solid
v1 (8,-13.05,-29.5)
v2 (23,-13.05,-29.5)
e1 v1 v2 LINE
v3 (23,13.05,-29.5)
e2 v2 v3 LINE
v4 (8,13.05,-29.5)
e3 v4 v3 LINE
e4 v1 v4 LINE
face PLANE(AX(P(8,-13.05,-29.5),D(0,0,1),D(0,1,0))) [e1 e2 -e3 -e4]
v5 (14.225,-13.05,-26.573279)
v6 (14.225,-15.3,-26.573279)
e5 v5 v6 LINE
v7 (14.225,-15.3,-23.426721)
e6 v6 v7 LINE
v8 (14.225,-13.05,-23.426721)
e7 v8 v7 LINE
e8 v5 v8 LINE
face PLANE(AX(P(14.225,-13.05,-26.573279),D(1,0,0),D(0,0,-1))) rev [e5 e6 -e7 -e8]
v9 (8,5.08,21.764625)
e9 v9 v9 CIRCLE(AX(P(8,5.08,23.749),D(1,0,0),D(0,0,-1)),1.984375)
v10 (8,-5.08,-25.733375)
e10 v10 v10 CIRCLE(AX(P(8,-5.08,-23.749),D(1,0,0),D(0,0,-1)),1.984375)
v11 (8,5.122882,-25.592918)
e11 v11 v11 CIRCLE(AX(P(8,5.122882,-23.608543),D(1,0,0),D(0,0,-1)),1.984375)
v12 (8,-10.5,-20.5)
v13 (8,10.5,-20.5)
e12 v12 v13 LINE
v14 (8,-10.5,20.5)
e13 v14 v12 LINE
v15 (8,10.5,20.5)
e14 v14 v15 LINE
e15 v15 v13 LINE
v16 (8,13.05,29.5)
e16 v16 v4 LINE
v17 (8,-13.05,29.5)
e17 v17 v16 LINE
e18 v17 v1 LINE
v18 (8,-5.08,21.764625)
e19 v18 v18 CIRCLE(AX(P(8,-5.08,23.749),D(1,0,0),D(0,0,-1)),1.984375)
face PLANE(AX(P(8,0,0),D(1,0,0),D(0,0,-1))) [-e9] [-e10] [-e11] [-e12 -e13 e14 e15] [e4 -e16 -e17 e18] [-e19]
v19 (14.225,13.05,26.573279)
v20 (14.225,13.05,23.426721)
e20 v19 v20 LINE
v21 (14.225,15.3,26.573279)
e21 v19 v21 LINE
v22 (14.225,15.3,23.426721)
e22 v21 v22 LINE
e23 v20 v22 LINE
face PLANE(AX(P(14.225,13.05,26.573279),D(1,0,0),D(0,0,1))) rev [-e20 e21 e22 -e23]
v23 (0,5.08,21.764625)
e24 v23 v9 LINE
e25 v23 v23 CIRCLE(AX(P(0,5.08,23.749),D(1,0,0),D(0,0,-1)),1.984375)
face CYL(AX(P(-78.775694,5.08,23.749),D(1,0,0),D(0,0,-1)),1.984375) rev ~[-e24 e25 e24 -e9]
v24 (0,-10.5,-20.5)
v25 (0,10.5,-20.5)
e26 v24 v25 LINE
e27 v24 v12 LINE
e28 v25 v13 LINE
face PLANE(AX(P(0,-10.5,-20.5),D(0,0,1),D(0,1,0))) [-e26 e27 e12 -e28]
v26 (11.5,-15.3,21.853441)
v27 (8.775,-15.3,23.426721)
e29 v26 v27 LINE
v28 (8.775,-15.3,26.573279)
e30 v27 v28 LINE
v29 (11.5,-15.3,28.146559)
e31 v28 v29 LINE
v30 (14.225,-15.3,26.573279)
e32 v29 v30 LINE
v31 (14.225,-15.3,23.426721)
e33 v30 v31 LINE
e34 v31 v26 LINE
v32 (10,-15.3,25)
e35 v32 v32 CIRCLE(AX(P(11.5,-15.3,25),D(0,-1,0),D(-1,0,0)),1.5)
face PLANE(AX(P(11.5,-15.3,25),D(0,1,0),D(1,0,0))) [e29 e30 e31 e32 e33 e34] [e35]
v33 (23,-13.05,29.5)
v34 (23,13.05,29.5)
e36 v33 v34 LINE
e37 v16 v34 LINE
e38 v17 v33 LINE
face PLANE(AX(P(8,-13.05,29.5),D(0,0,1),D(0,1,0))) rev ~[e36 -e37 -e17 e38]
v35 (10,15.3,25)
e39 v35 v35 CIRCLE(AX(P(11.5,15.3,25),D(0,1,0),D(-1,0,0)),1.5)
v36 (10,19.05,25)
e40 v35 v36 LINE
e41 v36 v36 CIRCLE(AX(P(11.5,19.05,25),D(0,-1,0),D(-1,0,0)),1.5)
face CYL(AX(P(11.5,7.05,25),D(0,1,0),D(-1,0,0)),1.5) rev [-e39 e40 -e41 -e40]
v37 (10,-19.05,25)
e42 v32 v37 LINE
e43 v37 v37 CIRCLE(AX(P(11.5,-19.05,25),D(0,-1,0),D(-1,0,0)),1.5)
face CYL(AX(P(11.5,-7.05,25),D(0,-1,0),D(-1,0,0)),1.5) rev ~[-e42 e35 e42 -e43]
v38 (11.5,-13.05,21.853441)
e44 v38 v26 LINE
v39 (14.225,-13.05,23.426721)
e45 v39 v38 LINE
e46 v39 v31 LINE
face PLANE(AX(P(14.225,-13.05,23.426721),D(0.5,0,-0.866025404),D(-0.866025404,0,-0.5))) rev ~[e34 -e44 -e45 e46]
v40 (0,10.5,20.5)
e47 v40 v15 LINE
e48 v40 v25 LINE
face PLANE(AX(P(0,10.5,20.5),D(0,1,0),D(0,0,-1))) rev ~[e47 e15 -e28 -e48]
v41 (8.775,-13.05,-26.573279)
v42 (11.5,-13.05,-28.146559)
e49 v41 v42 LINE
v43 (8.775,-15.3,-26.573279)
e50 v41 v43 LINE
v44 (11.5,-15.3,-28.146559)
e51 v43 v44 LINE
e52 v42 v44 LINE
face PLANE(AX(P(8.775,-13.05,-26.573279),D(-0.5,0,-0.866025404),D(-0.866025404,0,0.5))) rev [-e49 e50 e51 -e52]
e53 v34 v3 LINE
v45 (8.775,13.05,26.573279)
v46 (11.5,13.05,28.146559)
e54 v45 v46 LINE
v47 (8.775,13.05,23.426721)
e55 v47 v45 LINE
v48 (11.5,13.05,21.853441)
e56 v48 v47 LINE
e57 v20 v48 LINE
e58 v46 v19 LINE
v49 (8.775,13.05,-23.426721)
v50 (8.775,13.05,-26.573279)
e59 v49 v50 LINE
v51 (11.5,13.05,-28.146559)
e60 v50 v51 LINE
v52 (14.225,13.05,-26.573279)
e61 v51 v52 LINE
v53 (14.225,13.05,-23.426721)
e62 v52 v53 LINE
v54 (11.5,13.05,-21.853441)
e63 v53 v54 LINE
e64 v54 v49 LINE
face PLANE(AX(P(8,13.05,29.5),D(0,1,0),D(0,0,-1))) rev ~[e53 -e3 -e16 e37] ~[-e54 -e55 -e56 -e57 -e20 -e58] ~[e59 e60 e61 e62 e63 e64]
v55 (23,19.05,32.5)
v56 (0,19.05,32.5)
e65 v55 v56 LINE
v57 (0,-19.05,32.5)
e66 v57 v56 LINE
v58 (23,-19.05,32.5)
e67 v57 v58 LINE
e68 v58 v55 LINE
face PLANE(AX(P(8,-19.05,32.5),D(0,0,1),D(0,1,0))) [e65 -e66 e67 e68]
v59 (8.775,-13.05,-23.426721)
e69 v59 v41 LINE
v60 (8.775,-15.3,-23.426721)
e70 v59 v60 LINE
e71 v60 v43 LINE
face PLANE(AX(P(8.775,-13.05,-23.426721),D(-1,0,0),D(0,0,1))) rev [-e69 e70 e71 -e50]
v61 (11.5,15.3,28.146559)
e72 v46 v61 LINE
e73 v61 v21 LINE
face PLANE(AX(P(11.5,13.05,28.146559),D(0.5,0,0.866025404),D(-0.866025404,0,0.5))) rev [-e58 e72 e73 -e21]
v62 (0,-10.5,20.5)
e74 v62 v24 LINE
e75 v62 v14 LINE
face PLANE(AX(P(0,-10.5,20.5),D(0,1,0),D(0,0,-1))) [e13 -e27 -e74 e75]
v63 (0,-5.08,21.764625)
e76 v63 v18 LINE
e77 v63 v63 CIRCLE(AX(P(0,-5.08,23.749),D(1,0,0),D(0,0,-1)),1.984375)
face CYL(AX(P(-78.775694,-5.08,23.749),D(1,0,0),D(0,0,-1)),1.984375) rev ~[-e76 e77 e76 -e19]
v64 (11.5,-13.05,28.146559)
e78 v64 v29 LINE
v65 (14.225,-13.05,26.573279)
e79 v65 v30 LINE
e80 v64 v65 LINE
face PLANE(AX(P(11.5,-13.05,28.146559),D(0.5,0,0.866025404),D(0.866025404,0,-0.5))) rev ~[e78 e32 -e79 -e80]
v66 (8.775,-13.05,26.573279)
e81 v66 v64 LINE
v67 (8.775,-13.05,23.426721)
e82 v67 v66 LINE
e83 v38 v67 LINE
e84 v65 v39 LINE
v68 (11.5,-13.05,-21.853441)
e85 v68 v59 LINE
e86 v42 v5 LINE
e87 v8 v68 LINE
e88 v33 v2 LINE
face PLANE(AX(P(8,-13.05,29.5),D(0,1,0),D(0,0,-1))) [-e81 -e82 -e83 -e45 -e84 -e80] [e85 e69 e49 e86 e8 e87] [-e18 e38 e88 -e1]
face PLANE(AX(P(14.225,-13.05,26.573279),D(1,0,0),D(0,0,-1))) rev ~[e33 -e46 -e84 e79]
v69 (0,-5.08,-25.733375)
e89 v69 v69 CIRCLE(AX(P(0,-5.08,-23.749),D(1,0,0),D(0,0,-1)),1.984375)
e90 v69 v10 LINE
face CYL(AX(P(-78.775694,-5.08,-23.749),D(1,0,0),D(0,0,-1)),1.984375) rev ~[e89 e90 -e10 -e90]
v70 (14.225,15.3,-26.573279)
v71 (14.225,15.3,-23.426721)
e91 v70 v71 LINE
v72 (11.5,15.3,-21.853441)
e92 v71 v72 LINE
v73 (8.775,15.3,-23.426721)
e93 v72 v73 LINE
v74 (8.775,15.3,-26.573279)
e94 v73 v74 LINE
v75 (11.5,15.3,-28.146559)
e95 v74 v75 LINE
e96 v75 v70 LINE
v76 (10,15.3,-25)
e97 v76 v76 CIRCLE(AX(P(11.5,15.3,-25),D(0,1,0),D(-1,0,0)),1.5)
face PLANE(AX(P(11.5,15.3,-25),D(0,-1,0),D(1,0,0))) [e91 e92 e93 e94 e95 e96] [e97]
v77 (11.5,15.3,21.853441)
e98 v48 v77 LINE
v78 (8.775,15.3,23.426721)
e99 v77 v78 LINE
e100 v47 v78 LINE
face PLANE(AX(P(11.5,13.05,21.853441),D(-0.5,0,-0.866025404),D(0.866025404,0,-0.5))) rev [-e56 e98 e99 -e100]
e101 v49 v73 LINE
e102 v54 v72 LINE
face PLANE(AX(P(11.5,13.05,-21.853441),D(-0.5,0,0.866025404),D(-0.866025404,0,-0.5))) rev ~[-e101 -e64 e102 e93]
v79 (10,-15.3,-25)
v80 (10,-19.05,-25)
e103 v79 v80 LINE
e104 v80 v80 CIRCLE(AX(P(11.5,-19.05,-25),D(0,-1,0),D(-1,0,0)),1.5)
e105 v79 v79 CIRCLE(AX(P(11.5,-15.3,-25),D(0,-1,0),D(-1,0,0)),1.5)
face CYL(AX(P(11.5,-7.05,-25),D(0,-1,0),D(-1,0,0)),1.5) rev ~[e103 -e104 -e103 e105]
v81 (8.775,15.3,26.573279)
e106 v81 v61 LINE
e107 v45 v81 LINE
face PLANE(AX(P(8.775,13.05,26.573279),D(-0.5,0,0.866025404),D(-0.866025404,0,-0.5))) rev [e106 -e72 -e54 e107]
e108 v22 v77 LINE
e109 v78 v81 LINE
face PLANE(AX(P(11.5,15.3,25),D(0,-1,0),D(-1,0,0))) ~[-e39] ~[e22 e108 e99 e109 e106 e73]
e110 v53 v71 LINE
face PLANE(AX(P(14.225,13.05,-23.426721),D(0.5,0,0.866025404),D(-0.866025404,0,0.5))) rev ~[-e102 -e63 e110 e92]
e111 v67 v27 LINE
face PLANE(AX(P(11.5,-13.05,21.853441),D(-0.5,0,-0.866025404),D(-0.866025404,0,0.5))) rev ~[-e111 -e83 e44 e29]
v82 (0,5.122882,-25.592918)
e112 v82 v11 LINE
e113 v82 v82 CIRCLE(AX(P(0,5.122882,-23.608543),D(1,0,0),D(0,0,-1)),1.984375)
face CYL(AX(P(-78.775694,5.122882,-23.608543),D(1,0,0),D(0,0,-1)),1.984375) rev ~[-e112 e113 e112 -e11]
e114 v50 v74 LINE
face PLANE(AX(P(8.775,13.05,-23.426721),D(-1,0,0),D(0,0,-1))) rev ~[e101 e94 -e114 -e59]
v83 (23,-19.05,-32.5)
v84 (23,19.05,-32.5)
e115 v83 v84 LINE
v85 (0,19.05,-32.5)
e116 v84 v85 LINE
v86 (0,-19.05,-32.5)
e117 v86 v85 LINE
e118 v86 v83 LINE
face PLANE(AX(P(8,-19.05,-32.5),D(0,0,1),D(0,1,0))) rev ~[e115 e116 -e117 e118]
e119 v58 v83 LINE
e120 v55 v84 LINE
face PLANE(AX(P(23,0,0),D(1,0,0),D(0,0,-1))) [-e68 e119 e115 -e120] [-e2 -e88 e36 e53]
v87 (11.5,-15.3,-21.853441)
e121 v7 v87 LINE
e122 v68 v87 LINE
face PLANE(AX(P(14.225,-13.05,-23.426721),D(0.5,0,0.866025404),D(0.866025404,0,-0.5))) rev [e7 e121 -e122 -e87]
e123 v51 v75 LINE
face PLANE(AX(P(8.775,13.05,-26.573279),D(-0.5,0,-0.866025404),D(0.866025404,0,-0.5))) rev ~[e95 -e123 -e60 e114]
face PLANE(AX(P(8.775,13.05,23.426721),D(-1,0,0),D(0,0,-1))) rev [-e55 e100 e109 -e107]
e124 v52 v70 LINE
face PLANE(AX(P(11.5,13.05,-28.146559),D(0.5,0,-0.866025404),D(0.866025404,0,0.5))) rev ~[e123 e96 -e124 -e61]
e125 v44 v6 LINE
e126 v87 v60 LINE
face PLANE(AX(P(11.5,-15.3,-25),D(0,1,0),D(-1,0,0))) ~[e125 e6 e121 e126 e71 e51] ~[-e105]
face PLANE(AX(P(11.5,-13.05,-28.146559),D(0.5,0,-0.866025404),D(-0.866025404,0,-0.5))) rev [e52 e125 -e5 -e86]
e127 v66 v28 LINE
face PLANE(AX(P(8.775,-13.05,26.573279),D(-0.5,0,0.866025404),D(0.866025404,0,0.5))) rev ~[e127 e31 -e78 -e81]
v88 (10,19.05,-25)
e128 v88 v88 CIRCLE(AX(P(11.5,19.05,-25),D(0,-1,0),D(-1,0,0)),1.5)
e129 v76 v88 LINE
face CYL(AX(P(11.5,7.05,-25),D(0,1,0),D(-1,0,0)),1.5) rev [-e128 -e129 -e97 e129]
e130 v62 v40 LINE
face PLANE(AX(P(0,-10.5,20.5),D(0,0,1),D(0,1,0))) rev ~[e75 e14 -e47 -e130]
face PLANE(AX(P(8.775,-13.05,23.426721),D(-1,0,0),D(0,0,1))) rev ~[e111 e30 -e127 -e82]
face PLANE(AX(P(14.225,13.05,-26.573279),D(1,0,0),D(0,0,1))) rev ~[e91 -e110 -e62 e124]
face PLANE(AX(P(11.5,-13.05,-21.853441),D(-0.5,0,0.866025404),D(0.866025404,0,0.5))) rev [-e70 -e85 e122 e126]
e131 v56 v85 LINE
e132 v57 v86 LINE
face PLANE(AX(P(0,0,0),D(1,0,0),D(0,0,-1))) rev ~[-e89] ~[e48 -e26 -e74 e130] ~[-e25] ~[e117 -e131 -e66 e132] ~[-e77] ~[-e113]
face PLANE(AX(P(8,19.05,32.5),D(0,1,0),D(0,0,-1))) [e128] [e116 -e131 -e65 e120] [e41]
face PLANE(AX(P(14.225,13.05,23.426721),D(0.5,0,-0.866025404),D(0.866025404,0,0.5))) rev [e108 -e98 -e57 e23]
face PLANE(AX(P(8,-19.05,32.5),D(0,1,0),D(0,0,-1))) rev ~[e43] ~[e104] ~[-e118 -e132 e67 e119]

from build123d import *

# Parameters (mm, degrees)
SKETCH1_W                                = 65
SKETCH1_H                                = 38.1
SKETCH1_W_2                              = 41
SKETCH1_H_2                              = 21
BOSS_EXTRUDE1_DEPTH                      = 8
SKETCH2_W                                = 65
SKETCH2_H                                = 38.1
SKETCH2_W_2                              = 59
SKETCH2_H_2                              = 26.1
BOSS_EXTRUDE2_DEPTH                      = 15
F_5_32_0_15625_DIAMETER_HOLE1_D          = 3.96875
F_3_0MM_DOWEL_HOLE1_D                    = 3
F_3_0MM_DOWEL_HOLE1_DEPTH                = 6
CUT_EXTRUDE1_DEPTH                       = 2.25
MIRROR2_AT_THE_SECOND_PLANE_COPY_1_DEPTH = 2.25


with BuildPart() as part:
    # Sketch1 → Boss-Extrude1 (new body)
    with BuildSketch(Plane(origin=(0, 0, 0), x_dir=(0, 0, -1), z_dir=(1, 0, 0))):
        Rectangle(SKETCH1_W, SKETCH1_H)
        Rectangle(SKETCH1_W_2, SKETCH1_H_2, mode=Mode.SUBTRACT)
    extrude(amount=BOSS_EXTRUDE1_DEPTH)

    # Sketch2 → Boss-Extrude2 (add)
    with BuildSketch(Plane(origin=(8, 0, 0), x_dir=(0, 0, -1), z_dir=(1, 0, 0))):
        Rectangle(SKETCH2_W, SKETCH2_H)
        Rectangle(SKETCH2_W_2, SKETCH2_H_2, mode=Mode.SUBTRACT)
    extrude(amount=BOSS_EXTRUDE2_DEPTH)

    # 5/32 (0.15625) Diameter Hole1 (through all)
    with Locations(Plane.ZY):
        with Locations((-23.60854322, 5.122882485), (-23.749, -5.08), (23.749, -5.08), (23.749, 5.08)):
            Hole(F_5_32_0_15625_DIAMETER_HOLE1_D / 2)

    # Ø3.0mm Dowel Hole1
    with Locations(Plane(origin=(0, -13.05, 0), x_dir=(1, 0, 0), z_dir=(0, 1, 0))):
        with Locations((11.5, 25), (11.5, -25)):
            f_3_0mm_dowel_hole1 = Hole(F_3_0MM_DOWEL_HOLE1_D / 2, depth=F_3_0MM_DOWEL_HOLE1_DEPTH)

    # Mirror1: Ø3.0mm Dowel Hole1 across plane
    add(f_3_0mm_dowel_hole1.mirror(Plane.ZX), mode=Mode.SUBTRACT)

    # Sketch7 → Cut-Extrude1 (cut)
    with BuildSketch(Plane(origin=(0, -13.05, 0), x_dir=(1, 0, 0), z_dir=(0, 1, 0))):
        Polygon((8.775, -26.573279484), (11.5, -28.146558967), (14.225, -26.573279484), (14.225, -23.426720516), (11.5, -21.853441033), (8.775, -23.426720516), align=None)
    cut_extrude1 = extrude(amount=-CUT_EXTRUDE1_DEPTH, mode=Mode.SUBTRACT)

    # Mirror2: Cut-Extrude1 across plane
    add(cut_extrude1.mirror(Plane.ZX), mode=Mode.SUBTRACT)

    # Mirror2 at the second plane: Cut-Extrude1 across plane
    add(cut_extrude1.mirror(Plane.XY), mode=Mode.SUBTRACT)

    # Mirror2 at the second plane copy 1 sketc → Mirror2 at the second plane copy 1 (cut)
    with BuildSketch(Plane.XZ.offset(-13.05)):
        Polygon((8.775, -26.573279484), (11.5, -28.146558967), (14.225, -26.573279484), (14.225, -23.426720516), (11.5, -21.853441033), (8.775, -23.426720516), align=None)
    extrude(amount=-MIRROR2_AT_THE_SECOND_PLANE_COPY_1_DEPTH, mode=Mode.SUBTRACT)


solid = part.part
